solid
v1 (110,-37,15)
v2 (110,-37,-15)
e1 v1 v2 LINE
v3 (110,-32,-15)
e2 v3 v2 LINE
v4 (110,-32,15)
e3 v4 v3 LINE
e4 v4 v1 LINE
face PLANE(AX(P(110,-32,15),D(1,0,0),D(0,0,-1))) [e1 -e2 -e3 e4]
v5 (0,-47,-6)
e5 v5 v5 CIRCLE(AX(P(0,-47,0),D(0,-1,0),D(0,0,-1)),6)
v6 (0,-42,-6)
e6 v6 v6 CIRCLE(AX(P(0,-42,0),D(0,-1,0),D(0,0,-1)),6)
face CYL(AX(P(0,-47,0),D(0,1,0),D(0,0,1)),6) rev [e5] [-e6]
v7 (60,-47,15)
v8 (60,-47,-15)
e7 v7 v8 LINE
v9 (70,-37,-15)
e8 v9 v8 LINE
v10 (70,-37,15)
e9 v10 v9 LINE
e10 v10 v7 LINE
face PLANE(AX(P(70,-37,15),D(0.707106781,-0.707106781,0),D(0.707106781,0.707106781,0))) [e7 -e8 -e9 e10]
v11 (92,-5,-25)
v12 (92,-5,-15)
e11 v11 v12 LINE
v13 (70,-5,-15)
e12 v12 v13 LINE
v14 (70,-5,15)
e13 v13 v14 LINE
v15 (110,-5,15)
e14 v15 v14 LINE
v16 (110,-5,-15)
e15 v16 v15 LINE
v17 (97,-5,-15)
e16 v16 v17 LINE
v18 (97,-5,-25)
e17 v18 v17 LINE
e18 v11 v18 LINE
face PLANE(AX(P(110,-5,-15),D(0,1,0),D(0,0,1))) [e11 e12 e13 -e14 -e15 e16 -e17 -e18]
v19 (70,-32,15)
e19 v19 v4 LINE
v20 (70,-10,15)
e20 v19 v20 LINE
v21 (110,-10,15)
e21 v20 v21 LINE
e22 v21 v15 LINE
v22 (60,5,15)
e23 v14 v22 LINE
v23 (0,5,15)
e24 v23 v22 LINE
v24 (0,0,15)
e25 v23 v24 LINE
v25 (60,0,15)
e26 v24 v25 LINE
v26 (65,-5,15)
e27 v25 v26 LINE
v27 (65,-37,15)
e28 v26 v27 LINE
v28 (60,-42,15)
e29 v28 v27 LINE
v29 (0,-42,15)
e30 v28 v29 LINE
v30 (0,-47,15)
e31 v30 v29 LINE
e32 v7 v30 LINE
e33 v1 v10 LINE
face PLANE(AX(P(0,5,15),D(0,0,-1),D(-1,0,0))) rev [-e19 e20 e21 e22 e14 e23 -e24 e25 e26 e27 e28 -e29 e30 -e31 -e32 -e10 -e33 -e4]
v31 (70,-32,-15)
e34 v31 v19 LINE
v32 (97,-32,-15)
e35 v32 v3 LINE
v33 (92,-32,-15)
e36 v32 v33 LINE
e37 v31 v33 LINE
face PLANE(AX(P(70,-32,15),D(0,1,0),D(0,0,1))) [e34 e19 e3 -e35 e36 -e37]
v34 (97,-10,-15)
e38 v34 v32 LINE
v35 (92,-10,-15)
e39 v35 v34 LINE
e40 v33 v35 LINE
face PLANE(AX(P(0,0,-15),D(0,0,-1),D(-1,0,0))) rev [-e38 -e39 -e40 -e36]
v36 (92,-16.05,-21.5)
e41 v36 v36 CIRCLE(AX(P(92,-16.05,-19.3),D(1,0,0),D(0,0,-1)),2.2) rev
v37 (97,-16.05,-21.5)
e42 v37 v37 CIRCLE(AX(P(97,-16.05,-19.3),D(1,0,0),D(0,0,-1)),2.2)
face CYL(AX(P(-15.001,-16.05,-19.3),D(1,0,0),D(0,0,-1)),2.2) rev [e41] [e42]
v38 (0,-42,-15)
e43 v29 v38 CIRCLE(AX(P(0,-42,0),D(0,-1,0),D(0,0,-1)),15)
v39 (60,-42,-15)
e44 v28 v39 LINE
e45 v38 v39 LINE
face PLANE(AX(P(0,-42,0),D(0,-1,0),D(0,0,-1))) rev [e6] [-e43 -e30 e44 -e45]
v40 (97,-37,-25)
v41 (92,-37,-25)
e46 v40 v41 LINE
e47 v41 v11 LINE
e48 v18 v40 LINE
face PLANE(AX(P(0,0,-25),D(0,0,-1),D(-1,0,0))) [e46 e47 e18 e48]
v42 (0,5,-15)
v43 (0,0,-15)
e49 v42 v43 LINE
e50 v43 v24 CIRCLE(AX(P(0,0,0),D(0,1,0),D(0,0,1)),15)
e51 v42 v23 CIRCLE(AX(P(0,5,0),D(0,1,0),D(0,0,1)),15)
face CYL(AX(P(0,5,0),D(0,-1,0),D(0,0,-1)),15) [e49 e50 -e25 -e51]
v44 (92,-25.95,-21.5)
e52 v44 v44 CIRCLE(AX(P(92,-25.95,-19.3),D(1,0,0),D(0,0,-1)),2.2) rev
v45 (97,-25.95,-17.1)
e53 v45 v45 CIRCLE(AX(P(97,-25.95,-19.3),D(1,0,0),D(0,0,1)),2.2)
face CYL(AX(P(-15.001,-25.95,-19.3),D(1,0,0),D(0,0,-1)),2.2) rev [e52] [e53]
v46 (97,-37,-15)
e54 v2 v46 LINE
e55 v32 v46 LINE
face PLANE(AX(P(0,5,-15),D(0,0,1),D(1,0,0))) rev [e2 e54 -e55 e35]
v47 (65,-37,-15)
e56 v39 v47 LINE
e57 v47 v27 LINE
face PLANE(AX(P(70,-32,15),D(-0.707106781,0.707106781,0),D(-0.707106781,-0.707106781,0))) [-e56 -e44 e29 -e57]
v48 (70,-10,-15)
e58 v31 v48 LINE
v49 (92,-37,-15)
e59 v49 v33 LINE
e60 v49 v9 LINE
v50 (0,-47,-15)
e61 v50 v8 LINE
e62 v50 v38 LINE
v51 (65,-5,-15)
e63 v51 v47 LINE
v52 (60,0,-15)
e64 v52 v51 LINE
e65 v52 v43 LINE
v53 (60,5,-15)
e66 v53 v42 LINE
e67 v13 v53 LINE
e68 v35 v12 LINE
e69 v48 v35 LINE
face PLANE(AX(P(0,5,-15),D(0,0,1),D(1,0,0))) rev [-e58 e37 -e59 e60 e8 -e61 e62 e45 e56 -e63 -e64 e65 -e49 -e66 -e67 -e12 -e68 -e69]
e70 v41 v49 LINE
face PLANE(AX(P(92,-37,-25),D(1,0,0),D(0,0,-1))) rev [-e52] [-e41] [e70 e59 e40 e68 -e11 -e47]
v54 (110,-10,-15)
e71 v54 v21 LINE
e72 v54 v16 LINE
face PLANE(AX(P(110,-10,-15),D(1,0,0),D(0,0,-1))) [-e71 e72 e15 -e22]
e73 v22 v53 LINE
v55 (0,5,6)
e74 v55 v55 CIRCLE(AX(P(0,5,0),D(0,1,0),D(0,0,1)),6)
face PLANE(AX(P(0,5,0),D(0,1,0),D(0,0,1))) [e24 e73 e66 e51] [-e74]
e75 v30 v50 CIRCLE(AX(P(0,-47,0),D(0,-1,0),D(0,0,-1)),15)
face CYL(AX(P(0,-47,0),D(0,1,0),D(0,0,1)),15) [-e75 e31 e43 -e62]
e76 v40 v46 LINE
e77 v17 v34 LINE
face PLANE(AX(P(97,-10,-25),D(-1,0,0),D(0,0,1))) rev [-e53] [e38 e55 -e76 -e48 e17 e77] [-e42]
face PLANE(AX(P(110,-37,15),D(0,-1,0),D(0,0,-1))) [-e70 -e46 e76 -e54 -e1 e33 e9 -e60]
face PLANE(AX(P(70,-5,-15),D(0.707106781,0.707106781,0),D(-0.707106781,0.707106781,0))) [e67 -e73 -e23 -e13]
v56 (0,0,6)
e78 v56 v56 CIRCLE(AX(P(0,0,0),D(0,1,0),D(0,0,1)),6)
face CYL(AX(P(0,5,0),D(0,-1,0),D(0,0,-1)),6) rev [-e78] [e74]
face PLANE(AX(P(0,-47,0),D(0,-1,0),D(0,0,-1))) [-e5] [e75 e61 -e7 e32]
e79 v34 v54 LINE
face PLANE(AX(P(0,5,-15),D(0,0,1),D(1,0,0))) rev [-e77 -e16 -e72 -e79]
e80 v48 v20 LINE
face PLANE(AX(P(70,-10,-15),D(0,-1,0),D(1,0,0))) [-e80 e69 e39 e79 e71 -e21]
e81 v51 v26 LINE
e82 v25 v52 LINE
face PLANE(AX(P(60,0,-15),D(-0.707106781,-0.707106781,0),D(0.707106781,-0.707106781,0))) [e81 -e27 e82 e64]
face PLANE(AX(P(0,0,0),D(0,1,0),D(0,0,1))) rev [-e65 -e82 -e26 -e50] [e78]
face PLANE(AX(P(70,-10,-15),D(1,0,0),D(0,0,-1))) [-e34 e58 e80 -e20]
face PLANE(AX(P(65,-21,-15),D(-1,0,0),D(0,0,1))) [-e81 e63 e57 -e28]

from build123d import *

# Parameters (mm, degrees)
SKETCH1_R           = 6
BOSS_EXTRUDE4_DEPTH = 5
BOSS_EXTRUDE5_DEPTH = 30
BOSS_EXTRUDE6_DEPTH = 30
SKETCH11_R          = 6
BOSS_EXTRUDE7_DEPTH = 5
BOSS_EXTRUDE8_DEPTH = 30
BOSS_EXTRUDE9_DEPTH = 10
CUT_EXTRUDE2_REACH  = 126.008
SKETCH14_R          = 2.2


with BuildPart() as part:
    # Sketch1 → Boss-Extrude4 (new body)
    with BuildSketch(Plane(origin=(0, 0, 0), x_dir=(1, 0, 0), z_dir=(0, 1, 0))):
        with BuildLine():
            Line((0, 15), (60, 15))
            Line((60, 15), (60, -15))
            Line((60, -15), (0, -15))
            ThreePointArc((0, -15), (-15, 0), (0, 15))
        make_face()
        with Locations(Location((0, 0, 0), (0, 0, 270))):
            Circle(SKETCH1_R, mode=Mode.SUBTRACT)
    extrude(amount=BOSS_EXTRUDE4_DEPTH)

    # Sketch8 → Boss-Extrude5 (add)
    with BuildSketch(Plane.XY.offset(15)):
        Polygon((60, 0), (70, -10), (110, -10), (110, -5), (70, -5), (60, 5), align=None)
    extrude(amount=-BOSS_EXTRUDE5_DEPTH)

    # Sketch9 → Boss-Extrude6 (add)
    with BuildSketch(Plane.XY.offset(15)):
        Polygon((70, -10), (70, -21), (65, -21), (65, -5), align=None)
    boss_extrude6 = extrude(amount=-BOSS_EXTRUDE6_DEPTH)

    # Mirror3: Boss-Extrude6 across plane
    add(boss_extrude6.mirror(Plane(origin=(70, -21, -15), x_dir=(0, 0, 1), z_dir=(0, -1, 0))))



with BuildPart() as body_2:
    # Sketch11 → Boss-Extrude7 (new body)
    with BuildSketch(Plane(origin=(0, -42, 0), x_dir=(-1, 0, 0), z_dir=(0, -1, 0))):
        with BuildLine():
            Line((0, 15), (-60, 15))
            Line((-60, 15), (-60, -15))
            Line((-60, -15), (0, -15))
            ThreePointArc((0, -15), (15, 0), (0, 15))
        make_face()
        with Locations(Location((0, 0, 0), (0, 0, 270))):
            Circle(SKETCH11_R, mode=Mode.SUBTRACT)
    extrude(amount=BOSS_EXTRUDE7_DEPTH)


with BuildPart() as part_1:
    add(part.part)

    add(body_2.part)  # Boss-Extrude8 merges body 2
    # Sketch12 → Boss-Extrude8 (add)
    with BuildSketch(Plane(origin=(0, 0, -15), x_dir=(-1, 0, 0), z_dir=(0, 0, -1))):
        Polygon((-70, -32), (-65, -37), (-60, -42), (-60, -47), (-70, -37), (-110, -37), (-110, -32), align=None)
    extrude(amount=-BOSS_EXTRUDE8_DEPTH)

    # Sketch13 → Boss-Extrude9 (add)
    with BuildSketch(Plane(origin=(0, 0, -15), x_dir=(-1, 0, 0), z_dir=(0, 0, -1))):
        Polygon((-97, -10), (-97, -37), (-92, -37), (-92, -5), (-97, -5), align=None)
    extrude(amount=BOSS_EXTRUDE9_DEPTH)

    # Sketch14 → Cut-Extrude2 (cut, up to next)
    with BuildSketch(Plane(origin=(97, 0, 0), x_dir=(0, 0, -1), z_dir=(1, 0, 0)), mode=Mode.PRIVATE) as cut_extrude2_sk1:
        with Locations((19.3, -16.05)):
            Circle(SKETCH14_R)
    cut_extrude2_tool1 = extrude(cut_extrude2_sk1.sketch, amount=-CUT_EXTRUDE2_REACH, mode=Mode.PRIVATE) & part_1.part
    # Sketch14 → Cut-Extrude2 (cut, up to next)
    with BuildSketch(Plane(origin=(97, 0, 0), x_dir=(0, 0, -1), z_dir=(1, 0, 0)), mode=Mode.PRIVATE) as cut_extrude2_sk2:
        with Locations((19.3, -25.95)):
            Circle(SKETCH14_R)
    cut_extrude2_tool2 = extrude(cut_extrude2_sk2.sketch, amount=-CUT_EXTRUDE2_REACH, mode=Mode.PRIVATE) & part_1.part
    add(cut_extrude2_tool1.solids().sort_by_distance((97, -16.05, -19.3))[0], mode=Mode.SUBTRACT)
    add(cut_extrude2_tool2.solids().sort_by_distance((97, -25.95, -19.3))[0], mode=Mode.SUBTRACT)


solid = part_1.part
